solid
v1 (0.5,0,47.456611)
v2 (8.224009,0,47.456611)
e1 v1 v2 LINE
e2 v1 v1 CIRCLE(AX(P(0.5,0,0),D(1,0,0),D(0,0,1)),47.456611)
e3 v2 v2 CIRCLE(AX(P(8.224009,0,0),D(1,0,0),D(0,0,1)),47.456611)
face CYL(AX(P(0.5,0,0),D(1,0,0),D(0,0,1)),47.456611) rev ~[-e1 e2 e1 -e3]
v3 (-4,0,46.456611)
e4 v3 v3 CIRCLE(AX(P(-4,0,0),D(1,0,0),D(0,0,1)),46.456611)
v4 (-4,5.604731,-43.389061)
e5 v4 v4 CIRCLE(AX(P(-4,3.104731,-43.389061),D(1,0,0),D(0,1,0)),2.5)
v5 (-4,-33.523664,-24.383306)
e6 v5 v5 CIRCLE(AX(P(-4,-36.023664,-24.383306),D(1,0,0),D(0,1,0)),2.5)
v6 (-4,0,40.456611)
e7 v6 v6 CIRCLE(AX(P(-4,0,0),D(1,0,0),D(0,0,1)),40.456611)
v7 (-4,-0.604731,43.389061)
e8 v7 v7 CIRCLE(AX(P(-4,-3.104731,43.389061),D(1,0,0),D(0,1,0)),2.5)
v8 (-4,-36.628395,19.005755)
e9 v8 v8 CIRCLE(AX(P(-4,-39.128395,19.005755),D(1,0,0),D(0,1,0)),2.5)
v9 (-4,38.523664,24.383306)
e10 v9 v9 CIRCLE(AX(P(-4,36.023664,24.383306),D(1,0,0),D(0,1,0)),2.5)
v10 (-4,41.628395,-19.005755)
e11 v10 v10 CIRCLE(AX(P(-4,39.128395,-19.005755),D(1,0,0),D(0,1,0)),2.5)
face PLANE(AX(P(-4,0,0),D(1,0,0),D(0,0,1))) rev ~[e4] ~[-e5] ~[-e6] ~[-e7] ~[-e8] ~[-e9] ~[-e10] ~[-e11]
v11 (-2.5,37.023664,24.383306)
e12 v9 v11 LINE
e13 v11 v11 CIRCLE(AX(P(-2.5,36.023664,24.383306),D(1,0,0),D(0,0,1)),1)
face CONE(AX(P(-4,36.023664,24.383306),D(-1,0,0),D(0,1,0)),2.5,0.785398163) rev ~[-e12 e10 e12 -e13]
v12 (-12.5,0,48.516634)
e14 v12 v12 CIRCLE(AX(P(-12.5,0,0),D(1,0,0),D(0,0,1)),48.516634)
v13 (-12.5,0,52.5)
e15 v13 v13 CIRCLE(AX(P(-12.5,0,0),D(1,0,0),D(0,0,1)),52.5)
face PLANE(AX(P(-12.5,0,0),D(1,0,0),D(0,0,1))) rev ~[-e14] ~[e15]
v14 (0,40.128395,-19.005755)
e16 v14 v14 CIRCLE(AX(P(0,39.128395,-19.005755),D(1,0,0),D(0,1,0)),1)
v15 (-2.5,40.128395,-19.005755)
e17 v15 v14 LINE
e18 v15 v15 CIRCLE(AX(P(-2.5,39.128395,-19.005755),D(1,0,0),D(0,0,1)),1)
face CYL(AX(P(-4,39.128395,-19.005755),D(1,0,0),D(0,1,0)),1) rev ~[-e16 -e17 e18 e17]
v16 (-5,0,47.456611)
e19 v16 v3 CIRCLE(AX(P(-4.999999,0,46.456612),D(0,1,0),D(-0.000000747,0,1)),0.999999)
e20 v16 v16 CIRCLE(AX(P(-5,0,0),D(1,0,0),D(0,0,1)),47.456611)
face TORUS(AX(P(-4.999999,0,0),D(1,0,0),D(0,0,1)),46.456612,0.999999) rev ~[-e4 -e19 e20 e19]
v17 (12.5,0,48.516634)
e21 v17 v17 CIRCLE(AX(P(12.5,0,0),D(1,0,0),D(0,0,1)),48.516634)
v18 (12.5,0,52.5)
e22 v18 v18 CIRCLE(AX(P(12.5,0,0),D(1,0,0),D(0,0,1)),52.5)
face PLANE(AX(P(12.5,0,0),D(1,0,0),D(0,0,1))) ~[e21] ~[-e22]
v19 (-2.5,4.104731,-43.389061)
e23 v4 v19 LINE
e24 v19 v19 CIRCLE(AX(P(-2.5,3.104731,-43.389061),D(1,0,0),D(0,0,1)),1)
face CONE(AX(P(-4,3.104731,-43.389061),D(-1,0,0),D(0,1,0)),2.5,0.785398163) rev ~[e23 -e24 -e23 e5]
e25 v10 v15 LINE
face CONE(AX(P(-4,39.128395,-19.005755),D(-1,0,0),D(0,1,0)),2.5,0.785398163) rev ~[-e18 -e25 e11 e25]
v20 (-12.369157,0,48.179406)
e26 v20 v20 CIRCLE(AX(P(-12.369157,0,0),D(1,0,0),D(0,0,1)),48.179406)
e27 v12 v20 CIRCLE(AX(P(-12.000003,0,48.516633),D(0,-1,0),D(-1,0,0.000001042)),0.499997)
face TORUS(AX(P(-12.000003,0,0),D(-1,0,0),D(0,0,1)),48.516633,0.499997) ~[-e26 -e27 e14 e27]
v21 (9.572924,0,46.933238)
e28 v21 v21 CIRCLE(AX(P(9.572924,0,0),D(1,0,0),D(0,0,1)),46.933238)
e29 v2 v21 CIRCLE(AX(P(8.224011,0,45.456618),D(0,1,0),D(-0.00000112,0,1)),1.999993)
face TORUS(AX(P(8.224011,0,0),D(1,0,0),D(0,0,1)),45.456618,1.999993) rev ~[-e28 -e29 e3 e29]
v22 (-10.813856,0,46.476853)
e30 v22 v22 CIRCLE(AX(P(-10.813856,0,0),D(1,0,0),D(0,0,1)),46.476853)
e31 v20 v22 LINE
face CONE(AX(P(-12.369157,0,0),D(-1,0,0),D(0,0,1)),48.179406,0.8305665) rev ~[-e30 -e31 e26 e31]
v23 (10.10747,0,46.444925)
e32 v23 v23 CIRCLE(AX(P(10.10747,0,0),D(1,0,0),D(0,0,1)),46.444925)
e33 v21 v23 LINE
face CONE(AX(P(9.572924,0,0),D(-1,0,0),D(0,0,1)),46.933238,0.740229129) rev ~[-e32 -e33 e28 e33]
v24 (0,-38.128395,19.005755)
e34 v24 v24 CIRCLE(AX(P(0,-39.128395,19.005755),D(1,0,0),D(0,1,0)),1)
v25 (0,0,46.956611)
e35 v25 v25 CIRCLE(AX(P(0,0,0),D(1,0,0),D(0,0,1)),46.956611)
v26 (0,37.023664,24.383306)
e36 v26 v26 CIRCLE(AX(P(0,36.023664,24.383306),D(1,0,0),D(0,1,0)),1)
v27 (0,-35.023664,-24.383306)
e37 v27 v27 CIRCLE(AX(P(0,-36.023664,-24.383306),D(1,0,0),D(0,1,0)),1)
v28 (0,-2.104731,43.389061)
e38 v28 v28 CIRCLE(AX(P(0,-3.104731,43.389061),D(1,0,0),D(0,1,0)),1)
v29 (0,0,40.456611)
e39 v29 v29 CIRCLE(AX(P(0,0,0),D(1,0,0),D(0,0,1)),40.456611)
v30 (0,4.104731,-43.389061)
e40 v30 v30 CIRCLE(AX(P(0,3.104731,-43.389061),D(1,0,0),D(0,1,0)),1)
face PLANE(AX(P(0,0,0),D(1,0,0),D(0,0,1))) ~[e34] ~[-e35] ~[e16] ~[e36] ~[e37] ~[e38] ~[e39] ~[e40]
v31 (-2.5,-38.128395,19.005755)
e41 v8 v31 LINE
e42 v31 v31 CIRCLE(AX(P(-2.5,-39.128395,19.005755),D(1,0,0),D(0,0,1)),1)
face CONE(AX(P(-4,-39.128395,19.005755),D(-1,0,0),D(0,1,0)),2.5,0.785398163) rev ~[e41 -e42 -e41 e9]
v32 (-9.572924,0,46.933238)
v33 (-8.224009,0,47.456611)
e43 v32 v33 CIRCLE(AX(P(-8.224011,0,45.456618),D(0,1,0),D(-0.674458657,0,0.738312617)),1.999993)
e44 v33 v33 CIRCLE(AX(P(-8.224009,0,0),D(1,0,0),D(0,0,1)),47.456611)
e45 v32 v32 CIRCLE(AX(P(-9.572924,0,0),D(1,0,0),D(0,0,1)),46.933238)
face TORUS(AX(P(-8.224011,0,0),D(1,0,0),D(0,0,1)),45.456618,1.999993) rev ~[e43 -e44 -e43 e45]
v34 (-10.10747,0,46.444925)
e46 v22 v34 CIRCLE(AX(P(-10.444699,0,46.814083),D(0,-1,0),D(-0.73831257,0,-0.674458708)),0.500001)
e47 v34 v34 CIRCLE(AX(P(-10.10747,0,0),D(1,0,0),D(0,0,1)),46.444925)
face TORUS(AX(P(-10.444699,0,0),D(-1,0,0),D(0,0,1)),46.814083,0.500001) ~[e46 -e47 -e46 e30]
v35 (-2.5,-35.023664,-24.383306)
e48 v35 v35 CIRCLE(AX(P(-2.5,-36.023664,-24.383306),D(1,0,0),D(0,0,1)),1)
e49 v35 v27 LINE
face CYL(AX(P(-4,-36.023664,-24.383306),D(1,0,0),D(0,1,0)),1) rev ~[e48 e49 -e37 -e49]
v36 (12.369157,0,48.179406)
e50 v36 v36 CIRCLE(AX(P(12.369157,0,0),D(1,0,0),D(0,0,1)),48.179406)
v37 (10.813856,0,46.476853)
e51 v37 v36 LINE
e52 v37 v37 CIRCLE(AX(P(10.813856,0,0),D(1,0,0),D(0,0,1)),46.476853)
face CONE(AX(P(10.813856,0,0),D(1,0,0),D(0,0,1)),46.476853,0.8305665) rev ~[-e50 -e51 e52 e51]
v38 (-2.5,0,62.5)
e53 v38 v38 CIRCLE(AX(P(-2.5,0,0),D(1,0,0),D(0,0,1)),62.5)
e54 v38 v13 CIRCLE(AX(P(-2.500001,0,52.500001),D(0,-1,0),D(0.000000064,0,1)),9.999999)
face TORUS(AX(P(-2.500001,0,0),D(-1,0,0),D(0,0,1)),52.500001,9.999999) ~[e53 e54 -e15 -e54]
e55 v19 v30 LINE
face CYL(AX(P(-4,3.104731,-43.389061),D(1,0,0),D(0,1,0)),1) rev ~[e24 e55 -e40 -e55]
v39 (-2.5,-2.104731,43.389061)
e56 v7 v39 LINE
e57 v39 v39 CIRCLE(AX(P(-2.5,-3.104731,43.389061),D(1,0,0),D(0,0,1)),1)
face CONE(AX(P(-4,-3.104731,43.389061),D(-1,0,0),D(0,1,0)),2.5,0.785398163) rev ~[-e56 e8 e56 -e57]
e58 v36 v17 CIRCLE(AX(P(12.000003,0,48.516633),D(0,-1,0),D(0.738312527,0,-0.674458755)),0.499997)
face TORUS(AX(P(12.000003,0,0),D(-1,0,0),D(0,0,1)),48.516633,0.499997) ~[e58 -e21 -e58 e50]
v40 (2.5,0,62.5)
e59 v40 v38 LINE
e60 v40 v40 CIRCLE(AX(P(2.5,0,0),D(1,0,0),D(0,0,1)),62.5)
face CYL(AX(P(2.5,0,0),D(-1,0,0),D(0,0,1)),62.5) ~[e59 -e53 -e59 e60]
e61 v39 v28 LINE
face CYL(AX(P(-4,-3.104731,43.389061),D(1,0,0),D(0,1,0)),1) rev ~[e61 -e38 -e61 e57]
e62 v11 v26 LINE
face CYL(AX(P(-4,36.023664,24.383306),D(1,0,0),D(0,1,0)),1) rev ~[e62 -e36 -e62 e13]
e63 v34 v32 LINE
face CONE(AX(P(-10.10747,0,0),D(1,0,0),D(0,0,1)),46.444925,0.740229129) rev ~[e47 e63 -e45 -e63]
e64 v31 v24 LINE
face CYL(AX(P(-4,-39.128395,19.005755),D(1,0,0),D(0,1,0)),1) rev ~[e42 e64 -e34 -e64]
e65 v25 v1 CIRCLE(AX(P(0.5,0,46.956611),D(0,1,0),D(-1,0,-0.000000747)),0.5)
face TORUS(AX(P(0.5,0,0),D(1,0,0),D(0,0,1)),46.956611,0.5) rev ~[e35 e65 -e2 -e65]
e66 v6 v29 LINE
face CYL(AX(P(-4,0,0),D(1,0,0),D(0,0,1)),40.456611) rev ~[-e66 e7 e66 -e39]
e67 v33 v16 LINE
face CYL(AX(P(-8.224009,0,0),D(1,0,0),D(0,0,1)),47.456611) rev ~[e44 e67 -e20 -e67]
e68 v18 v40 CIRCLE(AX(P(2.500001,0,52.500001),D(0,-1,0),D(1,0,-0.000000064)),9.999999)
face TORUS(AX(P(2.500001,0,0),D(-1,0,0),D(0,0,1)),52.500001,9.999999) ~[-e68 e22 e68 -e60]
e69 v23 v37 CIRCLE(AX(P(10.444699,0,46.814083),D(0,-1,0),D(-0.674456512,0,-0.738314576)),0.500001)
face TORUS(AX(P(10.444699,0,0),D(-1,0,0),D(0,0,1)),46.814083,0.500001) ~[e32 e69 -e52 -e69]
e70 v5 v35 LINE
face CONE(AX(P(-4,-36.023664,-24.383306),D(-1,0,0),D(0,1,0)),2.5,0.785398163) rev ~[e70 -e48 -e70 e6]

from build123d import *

# Parameters (mm, degrees)
F3_D           = 2
F3_CSINK_D     = 5
F3_CSINK_ANGLE = 90


with BuildPart() as f1:
    # F0 (on Front) → F1 (revolve)
    with BuildSketch(Plane.XZ):
        with BuildLine():
            Line((2.5, 62.5), (-2.5, 62.5))
            ThreePointArc((-2.5, 62.5), (-9.571068, 59.571068), (-12.5, 52.5))
            Line((-12.5, 52.5), (-12.5, 48.516634))
            ThreePointArc((-12.5, 48.516634), (-12.466143, 48.335773), (-12.369157, 48.179406))
            Line((-12.369157, 48.179406), (-10.813856, 46.476853))
            ThreePointArc((-10.813856, 46.476853), (-10.467276, 46.314592), (-10.10747, 46.444925))
            Line((-10.10747, 46.444925), (-9.572924, 46.933238))
            ThreePointArc((-9.572924, 46.933238), (-8.947454, 47.321183), (-8.224009, 47.456611))
            Line((-8.224009, 47.456611), (-5, 47.456611))
            ThreePointArc((-5, 47.456611), (-4.292893, 47.163718), (-4, 46.456611))
            Line((-4, 46.456611), (-4, 40.456611))
            Line((-4, 40.456611), (0, 40.456611))
            Line((0, 40.456611), (0, 46.956611))
            ThreePointArc((0, 46.956611), (0.146447, 47.310165), (0.5, 47.456611))
            Line((0.5, 47.456611), (8.224009, 47.456611))
            ThreePointArc((8.224009, 47.456611), (8.947454, 47.321183), (9.572924, 46.933238))
            Line((9.572924, 46.933238), (10.10747, 46.444925))
            ThreePointArc((10.10747, 46.444925), (10.467276, 46.314592), (10.813856, 46.476853))
            Line((10.813856, 46.476853), (12.369157, 48.179406))
            ThreePointArc((12.369157, 48.179406), (12.466143, 48.335773), (12.5, 48.516634))
            Line((12.5, 48.516634), (12.5, 52.5))
            ThreePointArc((12.5, 52.5), (9.571068, 59.571068), (2.5, 62.5))
        make_face()
    revolve(axis=Axis((1.797364, 0, 0), (1, 0, 0)))

    # F3 (through all)
    with Locations(Plane(origin=(-4, 0, 0), x_dir=(0, -1, 0), z_dir=(-1, 0, 0))):
        with Locations((-3.104731, -43.389061), (36.023664, -24.383306), (39.128395, 19.005755), (3.104731, 43.389061), (-36.023664, 24.383306), (-39.128395, -19.005755)):
            CounterSinkHole(F3_D / 2, F3_CSINK_D / 2, counter_sink_angle=F3_CSINK_ANGLE)


solid = f1.part
